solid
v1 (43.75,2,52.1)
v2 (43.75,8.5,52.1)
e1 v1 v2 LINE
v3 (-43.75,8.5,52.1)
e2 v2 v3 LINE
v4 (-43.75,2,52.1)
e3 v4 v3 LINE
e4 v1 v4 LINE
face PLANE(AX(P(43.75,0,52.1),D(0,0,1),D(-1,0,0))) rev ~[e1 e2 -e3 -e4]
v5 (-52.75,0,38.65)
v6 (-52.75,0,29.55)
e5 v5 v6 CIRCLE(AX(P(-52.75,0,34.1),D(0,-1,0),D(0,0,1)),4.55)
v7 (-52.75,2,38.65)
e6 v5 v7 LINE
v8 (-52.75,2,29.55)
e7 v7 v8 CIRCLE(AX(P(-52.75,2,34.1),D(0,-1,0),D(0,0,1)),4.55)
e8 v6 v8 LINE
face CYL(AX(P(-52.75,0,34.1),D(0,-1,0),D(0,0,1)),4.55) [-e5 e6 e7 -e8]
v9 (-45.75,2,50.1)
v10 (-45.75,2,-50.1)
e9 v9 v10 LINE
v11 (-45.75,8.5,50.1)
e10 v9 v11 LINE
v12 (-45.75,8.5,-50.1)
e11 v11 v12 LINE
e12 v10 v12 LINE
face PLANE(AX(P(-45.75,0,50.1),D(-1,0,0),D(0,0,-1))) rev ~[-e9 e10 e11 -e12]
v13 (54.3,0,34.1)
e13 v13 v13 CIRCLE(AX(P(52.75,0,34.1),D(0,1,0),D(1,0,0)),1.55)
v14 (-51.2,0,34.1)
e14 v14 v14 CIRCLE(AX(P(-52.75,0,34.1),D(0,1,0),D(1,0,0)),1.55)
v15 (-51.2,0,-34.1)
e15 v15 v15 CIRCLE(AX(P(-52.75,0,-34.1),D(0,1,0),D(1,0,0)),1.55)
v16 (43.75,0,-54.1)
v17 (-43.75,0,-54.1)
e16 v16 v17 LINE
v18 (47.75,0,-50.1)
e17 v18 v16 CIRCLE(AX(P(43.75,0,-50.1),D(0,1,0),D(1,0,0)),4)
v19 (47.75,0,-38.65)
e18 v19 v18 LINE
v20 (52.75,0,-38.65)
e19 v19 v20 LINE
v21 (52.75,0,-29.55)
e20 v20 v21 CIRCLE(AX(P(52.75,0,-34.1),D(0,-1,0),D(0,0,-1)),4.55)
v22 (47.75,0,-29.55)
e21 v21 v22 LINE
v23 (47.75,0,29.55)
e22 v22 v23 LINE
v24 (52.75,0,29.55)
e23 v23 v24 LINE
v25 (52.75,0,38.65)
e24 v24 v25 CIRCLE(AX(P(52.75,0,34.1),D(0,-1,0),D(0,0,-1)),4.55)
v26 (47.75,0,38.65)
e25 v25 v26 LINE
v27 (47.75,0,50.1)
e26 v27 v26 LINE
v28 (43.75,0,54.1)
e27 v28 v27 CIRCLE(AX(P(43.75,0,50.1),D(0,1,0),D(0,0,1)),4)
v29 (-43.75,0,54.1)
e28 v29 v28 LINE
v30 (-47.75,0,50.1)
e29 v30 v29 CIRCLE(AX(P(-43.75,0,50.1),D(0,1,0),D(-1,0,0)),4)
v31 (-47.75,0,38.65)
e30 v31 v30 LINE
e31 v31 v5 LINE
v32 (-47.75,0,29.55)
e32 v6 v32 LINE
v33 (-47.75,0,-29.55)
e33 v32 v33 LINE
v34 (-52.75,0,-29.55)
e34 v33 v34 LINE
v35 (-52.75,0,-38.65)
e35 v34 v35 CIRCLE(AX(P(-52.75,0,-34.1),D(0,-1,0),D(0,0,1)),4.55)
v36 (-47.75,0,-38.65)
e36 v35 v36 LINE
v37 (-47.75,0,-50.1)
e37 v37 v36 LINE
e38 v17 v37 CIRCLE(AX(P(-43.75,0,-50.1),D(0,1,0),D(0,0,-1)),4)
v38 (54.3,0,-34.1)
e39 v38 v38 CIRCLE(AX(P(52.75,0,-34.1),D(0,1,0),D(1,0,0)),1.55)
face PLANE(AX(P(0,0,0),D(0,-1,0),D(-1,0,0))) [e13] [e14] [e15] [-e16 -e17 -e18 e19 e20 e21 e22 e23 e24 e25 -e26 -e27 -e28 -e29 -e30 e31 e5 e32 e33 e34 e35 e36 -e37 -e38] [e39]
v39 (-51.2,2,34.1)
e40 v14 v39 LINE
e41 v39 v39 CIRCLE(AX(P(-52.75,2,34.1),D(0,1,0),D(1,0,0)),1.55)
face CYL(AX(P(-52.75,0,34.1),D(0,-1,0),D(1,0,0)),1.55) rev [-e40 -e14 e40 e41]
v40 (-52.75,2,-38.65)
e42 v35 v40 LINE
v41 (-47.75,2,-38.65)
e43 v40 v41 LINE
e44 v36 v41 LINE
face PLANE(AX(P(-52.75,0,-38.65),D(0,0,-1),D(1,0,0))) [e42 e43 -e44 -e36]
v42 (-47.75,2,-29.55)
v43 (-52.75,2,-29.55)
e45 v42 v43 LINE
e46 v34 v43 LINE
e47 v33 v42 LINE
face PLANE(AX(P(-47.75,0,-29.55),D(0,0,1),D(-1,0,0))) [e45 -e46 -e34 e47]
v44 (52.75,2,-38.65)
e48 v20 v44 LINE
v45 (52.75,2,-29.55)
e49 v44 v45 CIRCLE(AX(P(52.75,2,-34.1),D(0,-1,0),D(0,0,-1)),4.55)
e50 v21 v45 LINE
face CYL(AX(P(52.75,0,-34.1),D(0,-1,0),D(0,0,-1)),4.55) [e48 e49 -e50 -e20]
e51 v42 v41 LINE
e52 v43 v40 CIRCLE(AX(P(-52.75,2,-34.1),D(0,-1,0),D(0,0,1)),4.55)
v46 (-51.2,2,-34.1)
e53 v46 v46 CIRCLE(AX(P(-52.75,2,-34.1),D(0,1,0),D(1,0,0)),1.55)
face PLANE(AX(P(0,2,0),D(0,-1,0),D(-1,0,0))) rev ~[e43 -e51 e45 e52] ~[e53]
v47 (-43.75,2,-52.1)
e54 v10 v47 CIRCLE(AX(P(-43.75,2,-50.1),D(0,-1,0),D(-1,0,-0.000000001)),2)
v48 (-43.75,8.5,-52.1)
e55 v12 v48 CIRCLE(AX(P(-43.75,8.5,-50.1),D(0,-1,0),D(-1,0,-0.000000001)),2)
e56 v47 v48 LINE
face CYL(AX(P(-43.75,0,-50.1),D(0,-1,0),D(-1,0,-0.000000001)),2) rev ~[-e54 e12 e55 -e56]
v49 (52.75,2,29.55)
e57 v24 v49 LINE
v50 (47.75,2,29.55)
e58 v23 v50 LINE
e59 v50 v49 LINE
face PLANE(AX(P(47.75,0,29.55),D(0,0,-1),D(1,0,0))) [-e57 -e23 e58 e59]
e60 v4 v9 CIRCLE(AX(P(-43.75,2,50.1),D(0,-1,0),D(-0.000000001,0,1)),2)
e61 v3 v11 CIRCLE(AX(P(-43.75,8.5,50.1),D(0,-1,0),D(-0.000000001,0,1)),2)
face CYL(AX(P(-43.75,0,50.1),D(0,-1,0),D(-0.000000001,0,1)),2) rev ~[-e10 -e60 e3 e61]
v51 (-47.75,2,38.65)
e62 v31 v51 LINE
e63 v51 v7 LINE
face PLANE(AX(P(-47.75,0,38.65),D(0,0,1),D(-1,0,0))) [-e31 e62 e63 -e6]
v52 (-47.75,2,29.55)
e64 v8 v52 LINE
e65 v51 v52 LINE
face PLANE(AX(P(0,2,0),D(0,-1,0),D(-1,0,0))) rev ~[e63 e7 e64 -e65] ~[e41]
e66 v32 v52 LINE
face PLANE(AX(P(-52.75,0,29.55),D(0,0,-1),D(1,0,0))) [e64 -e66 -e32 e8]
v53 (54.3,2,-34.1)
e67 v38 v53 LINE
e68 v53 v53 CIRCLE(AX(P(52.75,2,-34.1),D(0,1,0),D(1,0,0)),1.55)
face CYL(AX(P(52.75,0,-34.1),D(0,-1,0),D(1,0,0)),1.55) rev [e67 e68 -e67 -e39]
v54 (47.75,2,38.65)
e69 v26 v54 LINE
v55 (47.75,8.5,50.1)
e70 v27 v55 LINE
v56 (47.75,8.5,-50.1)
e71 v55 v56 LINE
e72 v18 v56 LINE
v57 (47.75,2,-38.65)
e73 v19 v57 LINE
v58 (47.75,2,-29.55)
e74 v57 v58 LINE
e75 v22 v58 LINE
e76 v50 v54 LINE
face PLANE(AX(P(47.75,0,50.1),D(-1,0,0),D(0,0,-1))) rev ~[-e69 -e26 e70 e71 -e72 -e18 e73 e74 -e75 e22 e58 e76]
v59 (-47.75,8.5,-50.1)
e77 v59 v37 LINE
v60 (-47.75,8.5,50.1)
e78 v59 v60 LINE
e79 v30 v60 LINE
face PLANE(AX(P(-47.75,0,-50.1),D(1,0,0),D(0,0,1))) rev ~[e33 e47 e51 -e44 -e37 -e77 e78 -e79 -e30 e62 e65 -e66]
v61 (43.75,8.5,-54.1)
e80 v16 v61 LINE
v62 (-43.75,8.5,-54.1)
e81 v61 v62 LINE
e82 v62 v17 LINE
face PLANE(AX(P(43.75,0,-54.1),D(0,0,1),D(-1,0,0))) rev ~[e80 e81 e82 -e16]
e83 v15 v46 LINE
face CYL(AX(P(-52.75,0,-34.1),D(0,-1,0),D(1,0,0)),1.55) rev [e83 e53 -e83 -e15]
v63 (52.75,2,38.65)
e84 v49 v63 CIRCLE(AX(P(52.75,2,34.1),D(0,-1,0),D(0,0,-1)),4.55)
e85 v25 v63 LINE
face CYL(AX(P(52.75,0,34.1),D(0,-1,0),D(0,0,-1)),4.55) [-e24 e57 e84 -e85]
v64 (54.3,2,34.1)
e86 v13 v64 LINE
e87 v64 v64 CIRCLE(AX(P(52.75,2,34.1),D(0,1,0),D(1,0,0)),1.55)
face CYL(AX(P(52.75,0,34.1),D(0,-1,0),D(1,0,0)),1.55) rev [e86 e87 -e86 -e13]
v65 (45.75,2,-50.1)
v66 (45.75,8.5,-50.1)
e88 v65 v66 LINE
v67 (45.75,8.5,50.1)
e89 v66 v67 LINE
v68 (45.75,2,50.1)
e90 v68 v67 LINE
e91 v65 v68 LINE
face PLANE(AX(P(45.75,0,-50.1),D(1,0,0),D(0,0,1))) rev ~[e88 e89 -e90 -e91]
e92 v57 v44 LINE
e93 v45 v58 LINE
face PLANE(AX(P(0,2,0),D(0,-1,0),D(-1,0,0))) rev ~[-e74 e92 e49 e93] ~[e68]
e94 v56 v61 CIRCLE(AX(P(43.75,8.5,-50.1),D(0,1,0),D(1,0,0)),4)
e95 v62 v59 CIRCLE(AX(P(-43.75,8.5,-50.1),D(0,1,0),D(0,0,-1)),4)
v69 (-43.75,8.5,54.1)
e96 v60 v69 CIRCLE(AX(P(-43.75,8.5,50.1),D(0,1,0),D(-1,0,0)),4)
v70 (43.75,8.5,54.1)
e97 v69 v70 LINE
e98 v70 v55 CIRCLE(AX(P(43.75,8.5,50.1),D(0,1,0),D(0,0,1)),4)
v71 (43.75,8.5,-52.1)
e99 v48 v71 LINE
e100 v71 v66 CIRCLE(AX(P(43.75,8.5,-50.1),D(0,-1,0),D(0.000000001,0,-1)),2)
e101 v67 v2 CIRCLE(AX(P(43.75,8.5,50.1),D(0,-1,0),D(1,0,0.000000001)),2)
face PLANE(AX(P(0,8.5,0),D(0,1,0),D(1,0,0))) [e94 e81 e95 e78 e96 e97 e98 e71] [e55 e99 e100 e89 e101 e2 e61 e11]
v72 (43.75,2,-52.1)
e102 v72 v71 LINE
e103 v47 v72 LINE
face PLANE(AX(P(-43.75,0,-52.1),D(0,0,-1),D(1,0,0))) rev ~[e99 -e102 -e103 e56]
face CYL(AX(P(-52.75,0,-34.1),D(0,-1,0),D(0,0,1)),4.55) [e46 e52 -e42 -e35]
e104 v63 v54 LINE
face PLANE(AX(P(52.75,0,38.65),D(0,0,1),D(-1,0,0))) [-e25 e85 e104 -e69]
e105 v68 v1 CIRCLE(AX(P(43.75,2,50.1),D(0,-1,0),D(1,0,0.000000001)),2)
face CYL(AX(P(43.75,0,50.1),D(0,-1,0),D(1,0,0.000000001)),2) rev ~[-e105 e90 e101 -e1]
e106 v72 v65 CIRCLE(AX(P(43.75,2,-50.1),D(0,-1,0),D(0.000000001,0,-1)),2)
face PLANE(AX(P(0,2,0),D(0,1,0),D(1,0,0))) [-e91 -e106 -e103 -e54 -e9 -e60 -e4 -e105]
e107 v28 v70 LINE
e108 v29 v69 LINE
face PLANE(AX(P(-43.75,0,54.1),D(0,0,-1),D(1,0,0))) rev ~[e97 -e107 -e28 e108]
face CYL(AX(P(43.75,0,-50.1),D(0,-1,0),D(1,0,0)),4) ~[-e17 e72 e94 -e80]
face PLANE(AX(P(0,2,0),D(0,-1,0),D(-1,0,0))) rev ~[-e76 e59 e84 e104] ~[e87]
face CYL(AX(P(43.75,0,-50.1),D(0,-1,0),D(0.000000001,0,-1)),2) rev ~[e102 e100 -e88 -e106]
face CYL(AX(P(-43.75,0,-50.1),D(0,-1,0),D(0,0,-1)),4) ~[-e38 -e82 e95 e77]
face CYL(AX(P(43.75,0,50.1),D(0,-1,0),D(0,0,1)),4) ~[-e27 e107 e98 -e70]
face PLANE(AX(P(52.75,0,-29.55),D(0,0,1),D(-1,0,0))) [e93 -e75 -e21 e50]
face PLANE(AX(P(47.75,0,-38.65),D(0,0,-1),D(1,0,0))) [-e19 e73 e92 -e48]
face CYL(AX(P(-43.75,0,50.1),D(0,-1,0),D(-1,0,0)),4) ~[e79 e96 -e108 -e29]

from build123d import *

# Parameters (mm, degrees)
SALIENTE_EXTRUIR1_DEPTH = 8.5
SALIENTE_EXTRUIR2_DEPTH = 2
CROQUIS3_R              = 1.55
SALIENTE_EXTRUIR3_DEPTH = 2


with BuildPart() as part:
    # Croquis1 → Saliente-Extruir1 (new body)
    with BuildSketch(Plane(origin=(0, 0, 0), x_dir=(1, 0, 0), z_dir=(0, 1, 0))):
        with BuildLine():
            Line((-47.75, 50.1), (-47.75, -50.1))
            ThreePointArc((-47.75, -50.1), (-46.578427125, -52.928427125), (-43.75, -54.1))
            Line((-43.75, -54.1), (43.75, -54.1))
            ThreePointArc((43.75, -54.1), (46.578427125, -52.928427125), (47.75, -50.1))
            Line((47.75, -50.1), (47.75, 50.1))
            ThreePointArc((47.75, 50.1), (46.578427125, 52.928427125), (43.75, 54.1))
            Line((43.75, 54.1), (-43.75, 54.1))
            ThreePointArc((-43.75, 54.1), (-46.578427125, 52.928427125), (-47.75, 50.1))
        make_face()
        with BuildLine():
            Line((-43.75, 52.1), (43.75, 52.1))
            ThreePointArc((43.75, 52.1), (45.164213562, 51.514213562), (45.75, 50.1))
            Line((45.75, 50.1), (45.75, -50.1))
            ThreePointArc((45.75, -50.1), (45.164213562, -51.514213562), (43.75, -52.1))
            Line((43.75, -52.1), (-43.75, -52.1))
            ThreePointArc((-43.75, -52.1), (-45.164213562, -51.514213562), (-45.75, -50.1))
            Line((-45.75, -50.1), (-45.75, 50.1))
            ThreePointArc((-45.75, 50.1), (-45.164213562, 51.514213562), (-43.75, 52.1))
        make_face(mode=Mode.SUBTRACT)
    extrude(amount=SALIENTE_EXTRUIR1_DEPTH)

    # Croquis2 → Saliente-Extruir2 (add)
    with BuildSketch(Plane(origin=(0, 0, 0), x_dir=(1, 0, 0), z_dir=(0, 1, 0))):
        with BuildLine():
            Line((43.75, 54.1), (-43.75, 54.1))
            ThreePointArc((-43.75, 54.1), (-46.578427125, 52.928427125), (-47.75, 50.1))
            Line((-47.75, 50.1), (-47.75, -50.1))
            ThreePointArc((-47.75, -50.1), (-46.578427125, -52.928427125), (-43.75, -54.1))
            Line((-43.75, -54.1), (43.75, -54.1))
            ThreePointArc((43.75, -54.1), (46.578427125, -52.928427125), (47.75, -50.1))
            Line((47.75, -50.1), (47.75, 50.1))
            ThreePointArc((47.75, 50.1), (46.578427125, 52.928427125), (43.75, 54.1))
        make_face()
    extrude(amount=SALIENTE_EXTRUIR2_DEPTH)

    # Croquis3 → Saliente-Extruir3 (add)
    with BuildSketch(Plane(origin=(0, 0, 0), x_dir=(1, 0, 0), z_dir=(0, 1, 0))):
        with BuildLine():
            Line((-52.75, 38.65), (-47.75, 38.65))
            Line((-47.75, 38.65), (-47.75, 50.1))
            ThreePointArc((-47.75, 50.1), (-46.578427125, 52.928427125), (-43.75, 54.1))
            Line((-43.75, 54.1), (43.75, 54.1))
            ThreePointArc((43.75, 54.1), (46.578427125, 52.928427125), (47.75, 50.1))
            Line((47.75, 50.1), (47.75, 38.65))
            Line((47.75, 38.65), (52.75, 38.65))
            ThreePointArc((52.75, 38.65), (57.3, 34.1), (52.75, 29.55))
            Line((52.75, 29.55), (47.75, 29.55))
            Line((47.75, 29.55), (47.75, -29.55))
            Line((47.75, -29.55), (52.75, -29.55))
            ThreePointArc((52.75, -29.55), (57.3, -34.1), (52.75, -38.65))
            Line((52.75, -38.65), (47.75, -38.65))
            Line((47.75, -38.65), (47.75, -50.1))
            ThreePointArc((47.75, -50.1), (46.578427125, -52.928427125), (43.75, -54.1))
            Line((43.75, -54.1), (-43.75, -54.1))
            ThreePointArc((-43.75, -54.1), (-46.578427125, -52.928427125), (-47.75, -50.1))
            Line((-47.75, -50.1), (-47.75, -38.65))
            Line((-47.75, -38.65), (-52.75, -38.65))
            ThreePointArc((-52.75, -38.65), (-57.3, -34.1), (-52.75, -29.55))
            Line((-52.75, -29.55), (-47.75, -29.55))
            Line((-47.75, -29.55), (-47.75, 29.55))
            Line((-47.75, 29.55), (-52.75, 29.55))
            ThreePointArc((-52.75, 29.55), (-57.3, 34.1), (-52.75, 38.65))
        make_face()
        with Locations((-52.75, 34.1)):
            Circle(CROQUIS3_R, mode=Mode.SUBTRACT)
        with Locations((52.75, 34.1)):
            Circle(CROQUIS3_R, mode=Mode.SUBTRACT)
        with Locations((52.75, -34.1)):
            Circle(CROQUIS3_R, mode=Mode.SUBTRACT)
        with Locations((-52.75, -34.1)):
            Circle(CROQUIS3_R, mode=Mode.SUBTRACT)
    extrude(amount=SALIENTE_EXTRUIR3_DEPTH)


solid = part.part
